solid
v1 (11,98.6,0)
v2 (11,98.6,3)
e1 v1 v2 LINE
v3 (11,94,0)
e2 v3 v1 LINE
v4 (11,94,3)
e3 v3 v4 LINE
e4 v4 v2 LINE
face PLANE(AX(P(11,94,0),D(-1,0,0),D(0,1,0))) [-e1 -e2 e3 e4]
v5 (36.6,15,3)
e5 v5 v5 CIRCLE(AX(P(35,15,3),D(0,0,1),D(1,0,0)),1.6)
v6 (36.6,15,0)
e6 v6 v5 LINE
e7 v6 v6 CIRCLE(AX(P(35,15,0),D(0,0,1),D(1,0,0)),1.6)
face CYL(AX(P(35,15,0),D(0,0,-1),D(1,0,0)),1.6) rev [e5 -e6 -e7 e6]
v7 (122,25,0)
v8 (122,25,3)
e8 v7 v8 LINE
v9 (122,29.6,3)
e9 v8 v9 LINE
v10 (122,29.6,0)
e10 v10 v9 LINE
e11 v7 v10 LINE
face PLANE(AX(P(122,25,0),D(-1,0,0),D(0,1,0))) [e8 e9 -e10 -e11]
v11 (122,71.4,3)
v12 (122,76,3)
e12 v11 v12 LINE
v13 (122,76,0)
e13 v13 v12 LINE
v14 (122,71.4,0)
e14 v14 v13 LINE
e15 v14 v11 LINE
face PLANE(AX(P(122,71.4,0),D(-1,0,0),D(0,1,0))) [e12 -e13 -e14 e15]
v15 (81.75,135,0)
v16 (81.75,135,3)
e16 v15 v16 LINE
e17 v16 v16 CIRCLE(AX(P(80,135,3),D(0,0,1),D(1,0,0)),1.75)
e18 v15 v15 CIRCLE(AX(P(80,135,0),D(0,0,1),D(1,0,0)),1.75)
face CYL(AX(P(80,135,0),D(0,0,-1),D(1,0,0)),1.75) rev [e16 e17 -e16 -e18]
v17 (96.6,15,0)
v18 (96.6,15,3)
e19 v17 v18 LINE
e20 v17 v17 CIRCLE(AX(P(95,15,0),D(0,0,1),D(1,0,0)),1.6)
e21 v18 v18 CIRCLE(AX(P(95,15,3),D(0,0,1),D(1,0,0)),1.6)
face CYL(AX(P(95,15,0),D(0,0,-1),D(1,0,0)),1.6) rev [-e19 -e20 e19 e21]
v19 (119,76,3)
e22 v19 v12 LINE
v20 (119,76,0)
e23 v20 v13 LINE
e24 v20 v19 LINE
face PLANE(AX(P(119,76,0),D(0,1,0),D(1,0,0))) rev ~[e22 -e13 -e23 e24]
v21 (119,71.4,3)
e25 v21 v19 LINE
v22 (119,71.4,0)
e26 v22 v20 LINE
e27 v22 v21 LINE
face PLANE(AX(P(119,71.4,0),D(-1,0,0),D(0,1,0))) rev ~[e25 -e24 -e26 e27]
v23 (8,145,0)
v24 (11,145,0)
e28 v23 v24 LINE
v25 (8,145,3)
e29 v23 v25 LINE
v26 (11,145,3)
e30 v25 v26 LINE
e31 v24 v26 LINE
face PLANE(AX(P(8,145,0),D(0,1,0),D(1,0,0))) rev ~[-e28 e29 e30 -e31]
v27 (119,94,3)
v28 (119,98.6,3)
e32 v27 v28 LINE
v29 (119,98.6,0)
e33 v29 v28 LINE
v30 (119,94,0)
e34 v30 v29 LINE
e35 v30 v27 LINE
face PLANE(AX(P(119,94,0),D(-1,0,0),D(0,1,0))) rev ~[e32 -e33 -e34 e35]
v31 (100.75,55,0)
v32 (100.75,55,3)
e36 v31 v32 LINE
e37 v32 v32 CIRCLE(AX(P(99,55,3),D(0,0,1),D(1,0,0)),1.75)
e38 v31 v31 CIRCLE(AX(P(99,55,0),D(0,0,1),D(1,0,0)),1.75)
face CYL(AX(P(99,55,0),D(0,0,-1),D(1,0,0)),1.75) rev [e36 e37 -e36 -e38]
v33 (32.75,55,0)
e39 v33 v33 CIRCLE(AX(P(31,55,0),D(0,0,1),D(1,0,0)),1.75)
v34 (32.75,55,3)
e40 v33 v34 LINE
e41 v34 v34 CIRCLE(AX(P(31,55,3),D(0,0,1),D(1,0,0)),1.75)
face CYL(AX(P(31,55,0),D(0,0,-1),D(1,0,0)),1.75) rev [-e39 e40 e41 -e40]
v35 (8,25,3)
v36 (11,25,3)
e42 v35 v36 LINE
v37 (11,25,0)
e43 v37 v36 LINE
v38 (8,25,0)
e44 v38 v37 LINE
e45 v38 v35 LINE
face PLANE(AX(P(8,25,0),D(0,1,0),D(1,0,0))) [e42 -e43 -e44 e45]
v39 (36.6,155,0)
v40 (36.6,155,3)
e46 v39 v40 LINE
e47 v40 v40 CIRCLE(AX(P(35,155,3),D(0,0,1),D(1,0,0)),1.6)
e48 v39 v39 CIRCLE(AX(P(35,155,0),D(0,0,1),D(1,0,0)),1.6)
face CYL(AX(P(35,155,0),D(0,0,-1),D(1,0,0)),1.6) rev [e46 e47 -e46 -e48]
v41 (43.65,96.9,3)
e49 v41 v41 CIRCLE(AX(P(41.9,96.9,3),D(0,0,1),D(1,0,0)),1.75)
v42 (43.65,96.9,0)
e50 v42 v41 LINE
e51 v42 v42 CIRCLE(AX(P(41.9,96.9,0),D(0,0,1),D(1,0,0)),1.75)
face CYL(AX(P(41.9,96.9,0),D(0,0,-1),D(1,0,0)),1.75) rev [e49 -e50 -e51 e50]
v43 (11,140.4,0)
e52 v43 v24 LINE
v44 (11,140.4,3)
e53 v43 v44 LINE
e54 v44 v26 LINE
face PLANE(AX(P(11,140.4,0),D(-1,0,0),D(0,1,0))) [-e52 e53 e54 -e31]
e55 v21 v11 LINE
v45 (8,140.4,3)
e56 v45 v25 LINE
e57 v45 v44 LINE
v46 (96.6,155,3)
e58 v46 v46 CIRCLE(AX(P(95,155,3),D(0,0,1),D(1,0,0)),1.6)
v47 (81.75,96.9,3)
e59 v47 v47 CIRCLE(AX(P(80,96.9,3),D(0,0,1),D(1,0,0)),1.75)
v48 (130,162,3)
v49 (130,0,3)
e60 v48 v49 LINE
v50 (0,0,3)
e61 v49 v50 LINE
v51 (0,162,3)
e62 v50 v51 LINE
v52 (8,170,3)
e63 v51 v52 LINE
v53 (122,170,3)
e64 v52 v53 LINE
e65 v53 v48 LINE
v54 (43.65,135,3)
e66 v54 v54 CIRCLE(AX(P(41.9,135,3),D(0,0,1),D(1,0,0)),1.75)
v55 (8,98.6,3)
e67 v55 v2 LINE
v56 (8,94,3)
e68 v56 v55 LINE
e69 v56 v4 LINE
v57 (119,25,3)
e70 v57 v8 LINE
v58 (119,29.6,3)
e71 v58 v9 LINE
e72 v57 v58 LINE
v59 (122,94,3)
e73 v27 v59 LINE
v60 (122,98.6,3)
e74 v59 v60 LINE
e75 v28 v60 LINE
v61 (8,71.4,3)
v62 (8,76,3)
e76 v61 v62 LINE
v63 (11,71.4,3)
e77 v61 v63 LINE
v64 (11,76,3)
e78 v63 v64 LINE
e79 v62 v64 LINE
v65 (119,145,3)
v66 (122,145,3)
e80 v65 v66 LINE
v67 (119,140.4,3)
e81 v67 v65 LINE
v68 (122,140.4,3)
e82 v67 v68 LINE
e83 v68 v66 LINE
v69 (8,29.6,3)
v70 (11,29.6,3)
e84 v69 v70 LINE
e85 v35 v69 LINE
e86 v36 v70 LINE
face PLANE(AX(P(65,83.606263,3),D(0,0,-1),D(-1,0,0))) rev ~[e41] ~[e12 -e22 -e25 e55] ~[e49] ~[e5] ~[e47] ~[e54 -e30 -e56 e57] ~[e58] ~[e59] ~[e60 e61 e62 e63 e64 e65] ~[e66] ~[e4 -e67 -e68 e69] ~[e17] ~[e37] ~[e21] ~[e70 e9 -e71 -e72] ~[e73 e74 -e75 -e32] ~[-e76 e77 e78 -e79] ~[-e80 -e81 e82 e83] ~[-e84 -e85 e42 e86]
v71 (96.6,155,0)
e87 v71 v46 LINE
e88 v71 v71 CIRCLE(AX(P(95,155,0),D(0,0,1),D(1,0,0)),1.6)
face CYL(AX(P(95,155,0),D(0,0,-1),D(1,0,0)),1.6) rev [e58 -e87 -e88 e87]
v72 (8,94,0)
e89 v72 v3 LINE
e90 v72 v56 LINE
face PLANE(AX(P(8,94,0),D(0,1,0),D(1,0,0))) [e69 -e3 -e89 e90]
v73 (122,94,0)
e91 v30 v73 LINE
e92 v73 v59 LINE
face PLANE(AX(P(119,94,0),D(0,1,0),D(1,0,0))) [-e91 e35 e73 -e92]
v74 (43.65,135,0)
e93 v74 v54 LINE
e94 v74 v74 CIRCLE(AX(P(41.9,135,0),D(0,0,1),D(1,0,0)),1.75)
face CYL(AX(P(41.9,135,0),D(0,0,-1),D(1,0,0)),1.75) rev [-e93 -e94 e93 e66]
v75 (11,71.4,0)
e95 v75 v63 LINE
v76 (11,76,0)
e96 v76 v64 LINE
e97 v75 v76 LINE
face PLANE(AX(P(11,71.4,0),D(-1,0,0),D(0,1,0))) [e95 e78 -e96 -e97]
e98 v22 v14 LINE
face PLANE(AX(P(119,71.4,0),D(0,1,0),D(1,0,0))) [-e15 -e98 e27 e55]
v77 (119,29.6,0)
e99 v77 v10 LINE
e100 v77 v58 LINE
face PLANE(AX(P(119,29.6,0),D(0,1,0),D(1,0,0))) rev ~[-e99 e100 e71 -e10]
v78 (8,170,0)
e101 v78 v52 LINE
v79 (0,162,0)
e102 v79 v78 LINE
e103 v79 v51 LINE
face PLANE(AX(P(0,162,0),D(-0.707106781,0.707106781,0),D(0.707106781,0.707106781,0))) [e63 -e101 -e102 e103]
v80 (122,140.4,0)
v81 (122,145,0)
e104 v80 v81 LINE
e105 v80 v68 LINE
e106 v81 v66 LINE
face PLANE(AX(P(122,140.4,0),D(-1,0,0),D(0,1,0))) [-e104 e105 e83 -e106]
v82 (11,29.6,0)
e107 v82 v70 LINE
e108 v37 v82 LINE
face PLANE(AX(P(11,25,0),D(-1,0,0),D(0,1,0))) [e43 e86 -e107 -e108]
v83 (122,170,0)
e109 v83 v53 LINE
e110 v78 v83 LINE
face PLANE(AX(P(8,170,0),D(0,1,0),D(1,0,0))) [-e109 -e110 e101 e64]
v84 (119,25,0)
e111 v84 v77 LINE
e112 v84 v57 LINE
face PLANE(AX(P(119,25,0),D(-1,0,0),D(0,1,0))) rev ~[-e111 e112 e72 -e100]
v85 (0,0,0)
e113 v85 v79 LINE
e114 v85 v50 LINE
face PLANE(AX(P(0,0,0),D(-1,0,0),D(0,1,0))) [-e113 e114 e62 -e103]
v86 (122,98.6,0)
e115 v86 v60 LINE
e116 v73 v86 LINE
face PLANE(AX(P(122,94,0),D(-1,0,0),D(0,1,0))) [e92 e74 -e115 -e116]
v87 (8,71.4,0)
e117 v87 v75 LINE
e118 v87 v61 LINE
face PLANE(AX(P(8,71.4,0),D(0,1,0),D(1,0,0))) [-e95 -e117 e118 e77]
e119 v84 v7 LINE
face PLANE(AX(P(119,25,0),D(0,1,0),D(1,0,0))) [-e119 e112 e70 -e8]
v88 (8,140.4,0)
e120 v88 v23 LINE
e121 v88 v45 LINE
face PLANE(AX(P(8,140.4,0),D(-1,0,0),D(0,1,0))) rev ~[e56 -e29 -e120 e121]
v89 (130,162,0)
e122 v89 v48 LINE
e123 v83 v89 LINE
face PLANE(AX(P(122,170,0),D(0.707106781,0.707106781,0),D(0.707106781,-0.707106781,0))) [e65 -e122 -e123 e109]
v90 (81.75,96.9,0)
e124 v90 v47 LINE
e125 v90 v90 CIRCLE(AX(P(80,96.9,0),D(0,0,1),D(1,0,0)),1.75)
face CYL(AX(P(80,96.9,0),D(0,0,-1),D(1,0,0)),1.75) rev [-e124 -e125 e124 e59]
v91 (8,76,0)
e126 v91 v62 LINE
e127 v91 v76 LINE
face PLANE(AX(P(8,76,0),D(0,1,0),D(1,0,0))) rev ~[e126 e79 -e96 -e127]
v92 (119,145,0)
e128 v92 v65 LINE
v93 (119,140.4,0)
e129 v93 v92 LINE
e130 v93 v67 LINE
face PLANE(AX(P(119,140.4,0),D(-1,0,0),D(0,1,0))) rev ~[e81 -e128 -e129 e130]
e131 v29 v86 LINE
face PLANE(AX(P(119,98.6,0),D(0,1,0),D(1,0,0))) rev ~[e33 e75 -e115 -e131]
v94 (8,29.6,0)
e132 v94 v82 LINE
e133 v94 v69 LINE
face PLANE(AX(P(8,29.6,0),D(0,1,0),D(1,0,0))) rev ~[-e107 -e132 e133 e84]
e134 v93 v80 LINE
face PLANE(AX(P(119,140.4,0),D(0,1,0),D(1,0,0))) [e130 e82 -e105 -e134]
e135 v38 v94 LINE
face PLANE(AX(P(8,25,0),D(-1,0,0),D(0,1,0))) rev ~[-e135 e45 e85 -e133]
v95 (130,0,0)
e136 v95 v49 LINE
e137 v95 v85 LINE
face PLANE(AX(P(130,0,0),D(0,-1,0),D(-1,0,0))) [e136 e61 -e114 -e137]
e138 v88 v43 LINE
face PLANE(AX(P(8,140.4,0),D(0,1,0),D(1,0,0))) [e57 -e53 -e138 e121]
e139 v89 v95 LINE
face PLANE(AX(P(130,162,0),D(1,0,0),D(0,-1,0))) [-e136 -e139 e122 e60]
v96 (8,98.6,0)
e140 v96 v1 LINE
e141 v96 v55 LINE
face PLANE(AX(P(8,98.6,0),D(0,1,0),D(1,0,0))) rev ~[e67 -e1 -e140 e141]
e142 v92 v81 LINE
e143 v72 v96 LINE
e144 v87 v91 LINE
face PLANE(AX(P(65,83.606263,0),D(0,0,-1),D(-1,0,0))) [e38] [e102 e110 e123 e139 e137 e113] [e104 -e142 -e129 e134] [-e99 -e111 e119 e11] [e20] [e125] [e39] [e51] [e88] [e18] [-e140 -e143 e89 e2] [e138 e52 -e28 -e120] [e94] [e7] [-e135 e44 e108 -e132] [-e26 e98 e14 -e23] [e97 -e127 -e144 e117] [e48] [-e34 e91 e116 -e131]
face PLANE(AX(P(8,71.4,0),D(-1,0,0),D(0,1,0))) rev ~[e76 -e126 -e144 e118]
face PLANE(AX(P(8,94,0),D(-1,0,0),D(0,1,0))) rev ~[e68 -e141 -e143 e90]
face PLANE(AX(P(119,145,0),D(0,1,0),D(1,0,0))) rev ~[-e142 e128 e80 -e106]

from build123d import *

# Parameters (mm, degrees)
SKETCH_1_R      = 1.6
SKETCH_1_R_2    = 1.75
SKETCH_1_W      = 3
SKETCH_1_H      = 4.6
EXTRUDE_1_DEPTH = 3


with BuildPart() as part:
    # ｽｹｯﾁ1 → ﾎﾞｽ - 押し出し1 (new body)
    with BuildSketch(Plane.XY):
        Polygon((0, 162), (8, 170), (122, 170), (130, 162), (130, 0), (0, 0), align=None)
        with Locations((35, 155)):
            Circle(SKETCH_1_R, mode=Mode.SUBTRACT)
        with Locations((95, 155)):
            Circle(SKETCH_1_R, mode=Mode.SUBTRACT)
        with Locations((35, 15)):
            Circle(SKETCH_1_R, mode=Mode.SUBTRACT)
        with Locations((95, 15)):
            Circle(SKETCH_1_R, mode=Mode.SUBTRACT)
        with Locations((41.9, 135)):
            Circle(SKETCH_1_R_2, mode=Mode.SUBTRACT)
        with Locations((80, 135)):
            Circle(SKETCH_1_R_2, mode=Mode.SUBTRACT)
        with Locations((41.9, 96.9)):
            Circle(SKETCH_1_R_2, mode=Mode.SUBTRACT)
        with Locations((80, 96.9)):
            Circle(SKETCH_1_R_2, mode=Mode.SUBTRACT)
        with Locations((31, 55)):
            Circle(SKETCH_1_R_2, mode=Mode.SUBTRACT)
        with Locations((99, 55)):
            Circle(SKETCH_1_R_2, mode=Mode.SUBTRACT)
        with Locations((9.5, 142.7)):
            Rectangle(SKETCH_1_W, SKETCH_1_H, mode=Mode.SUBTRACT)
        with Locations((120.5, 142.7)):
            Rectangle(SKETCH_1_W, SKETCH_1_H, mode=Mode.SUBTRACT)
        with Locations((9.5, 27.3)):
            Rectangle(SKETCH_1_W, SKETCH_1_H, mode=Mode.SUBTRACT)
        with Locations((120.5, 27.3)):
            Rectangle(SKETCH_1_W, SKETCH_1_H, mode=Mode.SUBTRACT)
        with Locations((9.5, 96.3)):
            Rectangle(SKETCH_1_W, SKETCH_1_H, mode=Mode.SUBTRACT)
        with Locations((120.5, 96.3)):
            Rectangle(SKETCH_1_W, SKETCH_1_H, mode=Mode.SUBTRACT)
        with Locations((9.5, 73.7)):
            Rectangle(SKETCH_1_W, SKETCH_1_H, mode=Mode.SUBTRACT)
        with Locations((120.5, 73.7)):
            Rectangle(SKETCH_1_W, SKETCH_1_H, mode=Mode.SUBTRACT)
    extrude(amount=EXTRUDE_1_DEPTH)


solid = part.part
